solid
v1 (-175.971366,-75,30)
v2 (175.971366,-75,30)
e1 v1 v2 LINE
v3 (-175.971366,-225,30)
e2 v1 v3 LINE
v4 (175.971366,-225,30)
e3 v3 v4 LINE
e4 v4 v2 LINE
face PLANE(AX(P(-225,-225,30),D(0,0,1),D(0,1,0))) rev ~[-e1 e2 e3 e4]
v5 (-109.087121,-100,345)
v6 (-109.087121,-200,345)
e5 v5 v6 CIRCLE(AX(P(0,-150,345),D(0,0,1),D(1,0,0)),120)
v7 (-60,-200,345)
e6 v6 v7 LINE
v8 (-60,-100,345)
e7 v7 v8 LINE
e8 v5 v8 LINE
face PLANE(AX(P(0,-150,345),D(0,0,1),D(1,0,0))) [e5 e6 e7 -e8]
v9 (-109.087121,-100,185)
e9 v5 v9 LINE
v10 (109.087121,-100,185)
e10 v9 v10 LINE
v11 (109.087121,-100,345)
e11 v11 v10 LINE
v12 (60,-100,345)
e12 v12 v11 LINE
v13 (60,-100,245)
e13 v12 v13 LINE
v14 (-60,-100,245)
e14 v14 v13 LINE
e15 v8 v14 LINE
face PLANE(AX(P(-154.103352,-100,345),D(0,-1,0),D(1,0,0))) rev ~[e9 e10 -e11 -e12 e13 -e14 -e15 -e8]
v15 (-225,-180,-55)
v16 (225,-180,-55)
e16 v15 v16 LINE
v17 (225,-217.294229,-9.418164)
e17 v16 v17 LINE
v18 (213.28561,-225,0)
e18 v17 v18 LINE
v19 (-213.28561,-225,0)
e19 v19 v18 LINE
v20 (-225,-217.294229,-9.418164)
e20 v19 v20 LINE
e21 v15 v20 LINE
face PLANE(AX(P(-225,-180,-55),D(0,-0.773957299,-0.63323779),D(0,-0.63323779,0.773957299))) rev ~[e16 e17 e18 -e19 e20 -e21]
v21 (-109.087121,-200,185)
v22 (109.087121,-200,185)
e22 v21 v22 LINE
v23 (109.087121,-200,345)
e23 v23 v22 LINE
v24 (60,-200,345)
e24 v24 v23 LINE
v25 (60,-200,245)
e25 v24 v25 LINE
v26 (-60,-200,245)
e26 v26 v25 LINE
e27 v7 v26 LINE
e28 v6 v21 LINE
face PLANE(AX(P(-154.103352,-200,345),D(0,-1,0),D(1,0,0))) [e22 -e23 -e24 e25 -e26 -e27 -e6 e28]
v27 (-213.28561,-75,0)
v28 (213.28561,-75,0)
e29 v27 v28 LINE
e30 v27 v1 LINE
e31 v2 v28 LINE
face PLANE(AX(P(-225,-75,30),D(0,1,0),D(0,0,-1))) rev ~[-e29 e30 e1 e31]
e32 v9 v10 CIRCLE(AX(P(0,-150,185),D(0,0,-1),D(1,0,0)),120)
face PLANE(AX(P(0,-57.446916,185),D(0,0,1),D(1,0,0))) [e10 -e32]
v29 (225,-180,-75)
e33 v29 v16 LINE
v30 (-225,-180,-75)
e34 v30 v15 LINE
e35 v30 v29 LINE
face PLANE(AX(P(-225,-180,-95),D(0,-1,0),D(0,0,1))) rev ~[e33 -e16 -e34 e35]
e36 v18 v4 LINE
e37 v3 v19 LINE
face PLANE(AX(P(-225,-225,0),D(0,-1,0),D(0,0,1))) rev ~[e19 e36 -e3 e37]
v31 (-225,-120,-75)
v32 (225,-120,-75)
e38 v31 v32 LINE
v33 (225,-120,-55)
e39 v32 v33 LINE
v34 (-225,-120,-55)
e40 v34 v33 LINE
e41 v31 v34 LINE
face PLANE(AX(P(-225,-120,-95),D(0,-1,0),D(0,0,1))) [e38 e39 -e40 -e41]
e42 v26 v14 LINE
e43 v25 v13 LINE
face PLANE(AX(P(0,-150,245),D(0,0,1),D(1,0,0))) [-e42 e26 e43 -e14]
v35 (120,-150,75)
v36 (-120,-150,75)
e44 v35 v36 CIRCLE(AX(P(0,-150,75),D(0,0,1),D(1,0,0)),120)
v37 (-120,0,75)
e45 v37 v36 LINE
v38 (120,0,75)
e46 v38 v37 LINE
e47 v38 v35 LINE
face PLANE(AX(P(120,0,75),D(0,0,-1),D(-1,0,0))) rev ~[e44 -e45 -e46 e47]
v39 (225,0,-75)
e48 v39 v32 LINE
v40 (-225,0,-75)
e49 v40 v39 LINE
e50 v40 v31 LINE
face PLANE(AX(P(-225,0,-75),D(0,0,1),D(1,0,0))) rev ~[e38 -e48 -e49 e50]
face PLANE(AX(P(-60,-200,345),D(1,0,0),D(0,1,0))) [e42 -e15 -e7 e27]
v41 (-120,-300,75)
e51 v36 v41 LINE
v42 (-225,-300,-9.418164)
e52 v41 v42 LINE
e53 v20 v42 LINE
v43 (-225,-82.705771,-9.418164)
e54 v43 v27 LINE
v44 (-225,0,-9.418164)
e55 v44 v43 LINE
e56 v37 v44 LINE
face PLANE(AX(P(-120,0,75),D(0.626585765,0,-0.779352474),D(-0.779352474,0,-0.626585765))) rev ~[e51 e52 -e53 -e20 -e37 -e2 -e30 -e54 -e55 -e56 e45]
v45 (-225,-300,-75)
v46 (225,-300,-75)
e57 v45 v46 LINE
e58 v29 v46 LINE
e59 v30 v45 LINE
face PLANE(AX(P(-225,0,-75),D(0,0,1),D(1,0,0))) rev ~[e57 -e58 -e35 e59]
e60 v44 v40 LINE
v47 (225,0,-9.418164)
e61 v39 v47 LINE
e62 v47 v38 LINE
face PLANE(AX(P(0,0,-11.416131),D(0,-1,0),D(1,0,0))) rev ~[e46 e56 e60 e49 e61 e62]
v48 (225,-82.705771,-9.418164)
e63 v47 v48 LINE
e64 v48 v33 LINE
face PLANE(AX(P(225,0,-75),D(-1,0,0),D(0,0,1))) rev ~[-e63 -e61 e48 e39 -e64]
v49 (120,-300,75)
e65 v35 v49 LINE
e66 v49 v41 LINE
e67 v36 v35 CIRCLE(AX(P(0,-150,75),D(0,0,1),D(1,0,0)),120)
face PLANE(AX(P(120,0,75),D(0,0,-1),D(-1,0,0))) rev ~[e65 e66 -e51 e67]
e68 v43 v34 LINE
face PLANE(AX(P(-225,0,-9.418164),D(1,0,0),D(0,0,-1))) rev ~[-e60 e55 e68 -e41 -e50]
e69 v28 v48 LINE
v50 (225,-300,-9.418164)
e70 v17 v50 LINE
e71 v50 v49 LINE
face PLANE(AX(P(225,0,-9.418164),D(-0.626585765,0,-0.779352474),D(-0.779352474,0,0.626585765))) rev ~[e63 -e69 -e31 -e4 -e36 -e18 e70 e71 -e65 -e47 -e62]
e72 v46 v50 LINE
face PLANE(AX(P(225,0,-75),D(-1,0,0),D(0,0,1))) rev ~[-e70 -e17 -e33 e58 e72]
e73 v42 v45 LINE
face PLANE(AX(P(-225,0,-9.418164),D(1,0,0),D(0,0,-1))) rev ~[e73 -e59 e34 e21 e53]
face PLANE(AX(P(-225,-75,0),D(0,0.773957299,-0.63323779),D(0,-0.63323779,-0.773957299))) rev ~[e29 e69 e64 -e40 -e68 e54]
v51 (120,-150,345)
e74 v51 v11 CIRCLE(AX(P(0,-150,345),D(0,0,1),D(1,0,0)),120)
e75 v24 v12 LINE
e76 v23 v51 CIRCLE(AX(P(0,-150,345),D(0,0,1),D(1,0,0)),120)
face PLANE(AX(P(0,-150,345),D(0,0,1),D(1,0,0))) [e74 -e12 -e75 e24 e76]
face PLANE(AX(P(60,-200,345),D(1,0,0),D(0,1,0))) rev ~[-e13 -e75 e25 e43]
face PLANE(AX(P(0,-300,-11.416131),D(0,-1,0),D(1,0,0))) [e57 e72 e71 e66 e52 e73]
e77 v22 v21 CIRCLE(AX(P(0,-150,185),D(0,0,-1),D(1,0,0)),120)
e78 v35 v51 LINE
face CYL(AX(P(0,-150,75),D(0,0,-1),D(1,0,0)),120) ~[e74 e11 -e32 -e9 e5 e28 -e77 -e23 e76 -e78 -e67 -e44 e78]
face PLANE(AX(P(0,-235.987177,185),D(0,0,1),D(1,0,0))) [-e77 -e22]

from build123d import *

# Parameters (mm, degrees)
F1_DEPTH = 300
F2_R     = 120
F3_DEPTH = 270
F4_W     = 308.2067033212
F4_H     = 85.1061673835
F4_H_2   = 71.9743549824
F5_DEPTH = 160
F6_W     = 120
F6_H     = 100
F7_DEPTH = 100
F8_W     = 60
F8_H     = 40
F9_DEPTH = 450.001


with BuildPart() as f1:
    # F0 (on Front) → F1 (new body)
    with BuildSketch(Plane.XZ):
        Polygon((-225, -9.4181643799), (-225, -75), (225, -75), (225, -9.4181643799), (120, 75), (-120, 75), align=None)
    extrude(amount=F1_DEPTH)

    # F2 (on face) → F3 (join)
    with BuildSketch(Plane.XY.offset(75)):
        with Locations((0, -150)):
            Circle(F2_R)
    extrude(amount=F3_DEPTH)

    # F4 (on face) → F5 (cut)
    with BuildSketch(Plane.XY.offset(345)):
        with Locations((0, -57.4469163083)):
            Rectangle(F4_W, F4_H)
        with Locations((0, -235.9871774912)):
            Rectangle(F4_W, F4_H_2)
    extrude(amount=-F5_DEPTH, mode=Mode.SUBTRACT)

    # F6 (on face) → F7 (cut)
    with BuildSketch(Plane.XY.offset(345)):
        with Locations((0, -150)):
            Rectangle(F6_W, F6_H)
    extrude(amount=-F7_DEPTH, mode=Mode.SUBTRACT)

    # F8 (on face) → F9 (cut, through all)
    with BuildSketch(Plane(origin=(-225, 0, 0), x_dir=(0, -1, 0), z_dir=(-1, 0, 0))):
        with Locations((150, -75)):
            Rectangle(F8_W, F8_H)
        Polygon((75, 0), (120, -55), (180, -55), (225, 0), (225, 30), (75, 30), align=None)
    extrude(amount=-F9_DEPTH, mode=Mode.SUBTRACT)


solid = f1.part
